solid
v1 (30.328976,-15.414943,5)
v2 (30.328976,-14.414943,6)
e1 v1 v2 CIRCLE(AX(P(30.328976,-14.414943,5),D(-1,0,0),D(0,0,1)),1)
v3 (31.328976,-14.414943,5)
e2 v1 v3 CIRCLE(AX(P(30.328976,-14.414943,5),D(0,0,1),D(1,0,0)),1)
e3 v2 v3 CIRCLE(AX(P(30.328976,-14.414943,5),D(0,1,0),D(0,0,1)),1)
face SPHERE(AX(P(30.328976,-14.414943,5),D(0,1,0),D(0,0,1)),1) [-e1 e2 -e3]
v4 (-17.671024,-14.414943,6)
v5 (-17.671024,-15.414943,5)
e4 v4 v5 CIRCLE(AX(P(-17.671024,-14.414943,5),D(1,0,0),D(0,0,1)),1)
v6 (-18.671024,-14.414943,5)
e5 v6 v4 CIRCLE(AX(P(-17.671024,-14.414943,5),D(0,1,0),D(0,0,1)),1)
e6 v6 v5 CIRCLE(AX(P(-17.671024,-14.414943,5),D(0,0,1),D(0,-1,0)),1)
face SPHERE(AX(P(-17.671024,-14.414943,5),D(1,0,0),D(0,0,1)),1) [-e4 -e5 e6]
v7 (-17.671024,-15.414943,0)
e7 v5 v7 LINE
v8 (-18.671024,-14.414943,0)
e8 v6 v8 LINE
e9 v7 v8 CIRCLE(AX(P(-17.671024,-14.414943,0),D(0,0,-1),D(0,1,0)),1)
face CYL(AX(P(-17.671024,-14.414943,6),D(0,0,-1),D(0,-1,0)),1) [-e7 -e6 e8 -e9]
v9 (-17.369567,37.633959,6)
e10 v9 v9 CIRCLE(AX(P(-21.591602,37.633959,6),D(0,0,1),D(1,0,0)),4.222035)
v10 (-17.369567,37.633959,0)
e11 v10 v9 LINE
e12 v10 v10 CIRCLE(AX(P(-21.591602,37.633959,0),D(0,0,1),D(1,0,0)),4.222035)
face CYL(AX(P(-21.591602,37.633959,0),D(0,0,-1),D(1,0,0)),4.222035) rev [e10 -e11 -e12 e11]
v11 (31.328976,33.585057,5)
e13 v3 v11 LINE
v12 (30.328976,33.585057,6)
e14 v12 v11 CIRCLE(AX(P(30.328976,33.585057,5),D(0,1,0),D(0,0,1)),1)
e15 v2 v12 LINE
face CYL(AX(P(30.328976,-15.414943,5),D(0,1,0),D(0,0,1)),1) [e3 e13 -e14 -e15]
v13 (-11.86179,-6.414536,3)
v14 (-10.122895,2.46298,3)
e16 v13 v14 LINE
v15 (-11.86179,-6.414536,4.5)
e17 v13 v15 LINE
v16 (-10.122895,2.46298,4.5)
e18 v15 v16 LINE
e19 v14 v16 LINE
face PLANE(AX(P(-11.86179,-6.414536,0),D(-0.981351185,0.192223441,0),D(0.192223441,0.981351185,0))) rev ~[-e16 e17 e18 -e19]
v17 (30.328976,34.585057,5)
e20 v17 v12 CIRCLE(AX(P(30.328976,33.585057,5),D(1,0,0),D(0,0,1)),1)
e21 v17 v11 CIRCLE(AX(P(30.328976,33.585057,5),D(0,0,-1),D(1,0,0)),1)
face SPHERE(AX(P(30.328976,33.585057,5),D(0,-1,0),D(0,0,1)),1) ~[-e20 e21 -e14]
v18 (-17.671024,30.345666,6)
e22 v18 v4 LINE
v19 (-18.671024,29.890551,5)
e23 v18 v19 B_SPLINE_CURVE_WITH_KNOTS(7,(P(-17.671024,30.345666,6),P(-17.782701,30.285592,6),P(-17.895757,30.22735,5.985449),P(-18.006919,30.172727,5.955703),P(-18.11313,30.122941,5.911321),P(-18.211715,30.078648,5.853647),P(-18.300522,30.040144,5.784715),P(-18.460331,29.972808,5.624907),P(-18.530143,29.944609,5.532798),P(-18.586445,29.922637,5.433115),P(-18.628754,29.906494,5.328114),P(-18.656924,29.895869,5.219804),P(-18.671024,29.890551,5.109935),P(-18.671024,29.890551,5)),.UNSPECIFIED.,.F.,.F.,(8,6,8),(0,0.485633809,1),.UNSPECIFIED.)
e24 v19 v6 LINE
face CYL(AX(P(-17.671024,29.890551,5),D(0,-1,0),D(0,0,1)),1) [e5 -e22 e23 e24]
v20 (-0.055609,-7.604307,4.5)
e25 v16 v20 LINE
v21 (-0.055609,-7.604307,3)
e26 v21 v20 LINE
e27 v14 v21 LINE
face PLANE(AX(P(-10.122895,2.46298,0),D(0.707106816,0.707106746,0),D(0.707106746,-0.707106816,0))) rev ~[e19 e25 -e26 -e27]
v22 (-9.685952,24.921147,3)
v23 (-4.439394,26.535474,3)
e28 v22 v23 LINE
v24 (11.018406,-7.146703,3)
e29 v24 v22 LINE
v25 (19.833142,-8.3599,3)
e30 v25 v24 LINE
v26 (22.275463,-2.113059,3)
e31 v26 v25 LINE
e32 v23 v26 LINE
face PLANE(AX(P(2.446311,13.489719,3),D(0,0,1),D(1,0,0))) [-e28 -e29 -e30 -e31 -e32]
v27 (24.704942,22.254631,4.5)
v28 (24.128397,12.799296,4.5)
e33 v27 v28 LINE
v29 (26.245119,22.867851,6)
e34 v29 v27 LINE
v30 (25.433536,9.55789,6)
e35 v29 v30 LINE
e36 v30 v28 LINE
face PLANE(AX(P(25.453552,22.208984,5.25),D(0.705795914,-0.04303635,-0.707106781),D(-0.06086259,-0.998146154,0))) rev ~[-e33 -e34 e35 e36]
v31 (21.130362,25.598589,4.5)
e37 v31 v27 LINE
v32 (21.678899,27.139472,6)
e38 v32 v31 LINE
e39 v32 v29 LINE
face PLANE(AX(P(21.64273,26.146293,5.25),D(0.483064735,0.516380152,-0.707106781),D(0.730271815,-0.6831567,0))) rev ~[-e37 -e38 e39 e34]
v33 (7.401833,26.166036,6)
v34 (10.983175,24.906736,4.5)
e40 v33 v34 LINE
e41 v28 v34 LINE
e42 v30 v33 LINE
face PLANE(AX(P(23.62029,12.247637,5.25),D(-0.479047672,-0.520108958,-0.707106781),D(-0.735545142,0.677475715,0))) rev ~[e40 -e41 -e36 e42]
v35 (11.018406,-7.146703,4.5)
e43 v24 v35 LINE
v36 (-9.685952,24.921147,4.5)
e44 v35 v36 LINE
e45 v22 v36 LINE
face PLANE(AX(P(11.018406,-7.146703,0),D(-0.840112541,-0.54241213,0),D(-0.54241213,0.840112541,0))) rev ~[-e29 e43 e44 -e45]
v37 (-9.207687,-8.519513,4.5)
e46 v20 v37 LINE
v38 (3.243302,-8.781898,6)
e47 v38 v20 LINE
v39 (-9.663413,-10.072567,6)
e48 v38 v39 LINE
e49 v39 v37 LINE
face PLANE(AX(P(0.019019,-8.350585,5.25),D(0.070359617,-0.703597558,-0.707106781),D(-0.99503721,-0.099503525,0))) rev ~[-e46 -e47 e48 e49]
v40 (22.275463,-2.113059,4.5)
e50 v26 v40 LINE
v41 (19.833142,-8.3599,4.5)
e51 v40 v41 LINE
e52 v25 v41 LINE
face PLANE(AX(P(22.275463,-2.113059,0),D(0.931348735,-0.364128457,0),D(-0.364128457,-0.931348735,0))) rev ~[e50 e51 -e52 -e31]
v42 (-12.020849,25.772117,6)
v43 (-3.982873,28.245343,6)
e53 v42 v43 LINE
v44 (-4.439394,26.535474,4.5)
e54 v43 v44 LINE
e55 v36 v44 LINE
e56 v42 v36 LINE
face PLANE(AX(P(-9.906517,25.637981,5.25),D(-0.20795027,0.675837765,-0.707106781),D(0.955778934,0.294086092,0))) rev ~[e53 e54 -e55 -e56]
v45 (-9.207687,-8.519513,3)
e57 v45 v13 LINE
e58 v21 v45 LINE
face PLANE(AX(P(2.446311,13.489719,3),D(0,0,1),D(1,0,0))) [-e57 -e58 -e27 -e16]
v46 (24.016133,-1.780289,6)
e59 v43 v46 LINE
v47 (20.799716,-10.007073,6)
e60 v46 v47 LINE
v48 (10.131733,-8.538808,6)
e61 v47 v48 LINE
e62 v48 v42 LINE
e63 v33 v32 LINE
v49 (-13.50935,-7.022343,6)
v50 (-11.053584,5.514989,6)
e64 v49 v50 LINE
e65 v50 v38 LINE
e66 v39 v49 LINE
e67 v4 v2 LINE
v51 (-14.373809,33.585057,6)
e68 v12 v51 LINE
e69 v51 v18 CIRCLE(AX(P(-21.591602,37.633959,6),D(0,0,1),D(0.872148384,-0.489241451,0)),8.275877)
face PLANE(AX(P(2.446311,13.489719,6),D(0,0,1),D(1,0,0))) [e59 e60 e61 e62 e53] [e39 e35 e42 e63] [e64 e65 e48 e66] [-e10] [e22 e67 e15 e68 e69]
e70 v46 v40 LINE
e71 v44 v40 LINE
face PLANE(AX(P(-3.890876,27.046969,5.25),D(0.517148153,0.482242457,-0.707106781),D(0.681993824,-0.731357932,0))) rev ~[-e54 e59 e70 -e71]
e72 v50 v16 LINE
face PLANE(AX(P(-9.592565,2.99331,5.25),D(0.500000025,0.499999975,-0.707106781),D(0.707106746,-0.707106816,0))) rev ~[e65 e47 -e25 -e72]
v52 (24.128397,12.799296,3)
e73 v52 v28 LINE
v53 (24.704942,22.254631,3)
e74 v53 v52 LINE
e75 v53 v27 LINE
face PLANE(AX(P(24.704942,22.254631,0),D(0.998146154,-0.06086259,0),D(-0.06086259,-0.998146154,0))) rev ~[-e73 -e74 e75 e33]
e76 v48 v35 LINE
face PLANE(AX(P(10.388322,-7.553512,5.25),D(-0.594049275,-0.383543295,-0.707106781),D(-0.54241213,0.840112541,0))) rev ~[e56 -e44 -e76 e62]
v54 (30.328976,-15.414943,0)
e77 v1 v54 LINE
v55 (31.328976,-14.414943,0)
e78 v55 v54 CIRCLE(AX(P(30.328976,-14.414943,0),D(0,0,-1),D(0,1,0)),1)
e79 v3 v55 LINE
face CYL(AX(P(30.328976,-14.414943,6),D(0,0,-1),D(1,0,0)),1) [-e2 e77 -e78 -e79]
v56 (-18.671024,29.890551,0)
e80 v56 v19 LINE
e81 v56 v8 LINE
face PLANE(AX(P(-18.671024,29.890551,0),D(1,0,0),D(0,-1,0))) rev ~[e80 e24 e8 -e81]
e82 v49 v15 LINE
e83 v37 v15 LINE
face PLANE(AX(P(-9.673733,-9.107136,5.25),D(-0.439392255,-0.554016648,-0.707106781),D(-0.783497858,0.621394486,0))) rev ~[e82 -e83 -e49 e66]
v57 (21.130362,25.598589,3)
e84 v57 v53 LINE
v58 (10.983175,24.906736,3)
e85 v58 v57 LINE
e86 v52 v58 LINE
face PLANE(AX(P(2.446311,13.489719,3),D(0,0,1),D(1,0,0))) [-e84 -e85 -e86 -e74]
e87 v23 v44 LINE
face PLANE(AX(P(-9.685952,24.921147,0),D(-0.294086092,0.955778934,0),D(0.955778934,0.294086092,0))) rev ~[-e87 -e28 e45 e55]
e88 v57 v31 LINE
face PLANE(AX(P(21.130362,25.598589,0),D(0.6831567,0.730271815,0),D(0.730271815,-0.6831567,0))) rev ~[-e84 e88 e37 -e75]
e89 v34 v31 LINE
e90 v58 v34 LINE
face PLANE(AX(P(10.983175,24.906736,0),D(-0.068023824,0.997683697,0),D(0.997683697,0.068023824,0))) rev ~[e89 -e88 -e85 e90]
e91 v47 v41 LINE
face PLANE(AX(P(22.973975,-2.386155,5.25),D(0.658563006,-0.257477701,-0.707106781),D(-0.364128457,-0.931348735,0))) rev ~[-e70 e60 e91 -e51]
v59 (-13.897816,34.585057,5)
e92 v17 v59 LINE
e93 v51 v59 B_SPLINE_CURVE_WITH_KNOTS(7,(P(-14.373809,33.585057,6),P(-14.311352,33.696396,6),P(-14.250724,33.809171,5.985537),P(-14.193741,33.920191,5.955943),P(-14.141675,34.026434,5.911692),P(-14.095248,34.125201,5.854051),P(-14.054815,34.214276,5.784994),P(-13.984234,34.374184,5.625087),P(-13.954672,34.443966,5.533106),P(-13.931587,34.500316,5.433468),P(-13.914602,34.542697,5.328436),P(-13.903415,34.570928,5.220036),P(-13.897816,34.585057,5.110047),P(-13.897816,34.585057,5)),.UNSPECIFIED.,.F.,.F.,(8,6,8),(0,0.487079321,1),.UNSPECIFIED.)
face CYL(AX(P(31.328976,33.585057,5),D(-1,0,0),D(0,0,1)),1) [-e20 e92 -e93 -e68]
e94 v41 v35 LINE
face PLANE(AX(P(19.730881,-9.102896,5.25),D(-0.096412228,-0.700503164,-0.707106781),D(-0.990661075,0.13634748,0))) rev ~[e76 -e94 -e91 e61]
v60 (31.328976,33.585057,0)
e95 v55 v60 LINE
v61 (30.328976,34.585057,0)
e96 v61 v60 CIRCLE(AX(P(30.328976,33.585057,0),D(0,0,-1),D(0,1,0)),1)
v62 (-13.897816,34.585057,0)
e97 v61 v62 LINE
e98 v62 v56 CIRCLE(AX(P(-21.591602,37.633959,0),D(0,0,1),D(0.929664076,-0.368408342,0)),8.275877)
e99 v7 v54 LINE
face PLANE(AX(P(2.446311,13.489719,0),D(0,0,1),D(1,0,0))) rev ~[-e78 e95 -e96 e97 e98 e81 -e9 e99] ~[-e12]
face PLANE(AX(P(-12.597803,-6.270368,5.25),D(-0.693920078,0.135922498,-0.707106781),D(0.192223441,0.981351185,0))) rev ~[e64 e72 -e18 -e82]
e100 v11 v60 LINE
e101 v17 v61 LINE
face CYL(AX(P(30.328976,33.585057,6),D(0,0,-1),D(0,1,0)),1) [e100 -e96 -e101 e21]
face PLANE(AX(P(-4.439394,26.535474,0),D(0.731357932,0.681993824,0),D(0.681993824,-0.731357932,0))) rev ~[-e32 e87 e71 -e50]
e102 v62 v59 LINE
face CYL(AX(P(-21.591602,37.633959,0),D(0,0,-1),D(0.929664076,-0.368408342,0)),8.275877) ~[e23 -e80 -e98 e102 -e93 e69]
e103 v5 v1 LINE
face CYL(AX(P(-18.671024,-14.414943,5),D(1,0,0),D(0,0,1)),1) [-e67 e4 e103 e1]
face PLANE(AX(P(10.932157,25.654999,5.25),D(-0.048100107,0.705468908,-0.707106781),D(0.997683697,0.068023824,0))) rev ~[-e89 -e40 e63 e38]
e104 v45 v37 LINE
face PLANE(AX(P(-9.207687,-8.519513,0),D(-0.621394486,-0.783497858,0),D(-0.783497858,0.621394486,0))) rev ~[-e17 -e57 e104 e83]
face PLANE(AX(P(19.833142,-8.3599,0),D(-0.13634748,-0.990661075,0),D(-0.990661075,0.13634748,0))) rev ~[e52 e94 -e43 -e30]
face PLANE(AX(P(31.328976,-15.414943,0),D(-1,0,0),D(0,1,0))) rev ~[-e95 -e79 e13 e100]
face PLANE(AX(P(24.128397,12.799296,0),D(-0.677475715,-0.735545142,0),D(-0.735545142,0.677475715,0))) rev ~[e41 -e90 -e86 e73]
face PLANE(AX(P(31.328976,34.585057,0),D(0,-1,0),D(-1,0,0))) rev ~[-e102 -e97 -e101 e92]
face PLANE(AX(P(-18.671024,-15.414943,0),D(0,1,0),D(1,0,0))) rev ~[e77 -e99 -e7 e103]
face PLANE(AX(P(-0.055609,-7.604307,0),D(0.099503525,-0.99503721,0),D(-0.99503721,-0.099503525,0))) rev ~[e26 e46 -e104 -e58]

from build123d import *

# Parameters (mm, degrees)
F0_R     = 4.222035
F1_DEPTH = 6
F2_DEPTH = 3
F3_SIZE  = 1.5
F4_R     = 1


with BuildPart() as f1:
    # F0 (on Top) → F1 (new body)
    with BuildSketch(Plane.XY):
        with BuildLine():
            Line((31.328976, 34.585057), (-13.897816, 34.585057))
            ThreePointArc((-13.897816, 34.585057), (-27.394685, 43.53433), (-18.671024, 29.890551))
            Line((-18.671024, 29.890551), (-18.671024, -15.414943))
            Line((-18.671024, -15.414943), (31.328976, -15.414943))
            Line((31.328976, -15.414943), (31.328976, 34.585057))
        make_face()
        Polygon((-10.122895, 2.46298), (-0.055609, -7.604307), (-9.207687, -8.519513), (-11.86179, -6.414536), align=None, mode=Mode.SUBTRACT)
        Polygon((11.018406, -7.146703), (-9.685952, 24.921147), (-4.439394, 26.535474), (22.275463, -2.113059), (19.833142, -8.3599), align=None, mode=Mode.SUBTRACT)
        with Locations((-21.591602, 37.633959)):
            Circle(F0_R, mode=Mode.SUBTRACT)
        Polygon((24.128397, 12.799296), (10.983175, 24.906736), (21.130362, 25.598589), (24.704942, 22.254631), align=None, mode=Mode.SUBTRACT)
    extrude(amount=F1_DEPTH)

    # F0 (on Top) → F2 (join)
    with BuildSketch(Plane.XY):
        with BuildLine():
            Line((31.328976, 34.585057), (-13.897816, 34.585057))
            ThreePointArc((-13.897816, 34.585057), (-27.394685, 43.53433), (-18.671024, 29.890551))
            Line((-18.671024, 29.890551), (-18.671024, -15.414943))
            Line((-18.671024, -15.414943), (31.328976, -15.414943))
            Line((31.328976, -15.414943), (31.328976, 34.585057))
        make_face()
        Polygon((-10.122895, 2.46298), (-0.055609, -7.604307), (-9.207687, -8.519513), (-11.86179, -6.414536), align=None, mode=Mode.SUBTRACT)
        Polygon((11.018406, -7.146703), (-9.685952, 24.921147), (-4.439394, 26.535474), (22.275463, -2.113059), (19.833142, -8.3599), align=None, mode=Mode.SUBTRACT)
        with Locations((-21.591602, 37.633959)):
            Circle(F0_R, mode=Mode.SUBTRACT)
        Polygon((24.128397, 12.799296), (10.983175, 24.906736), (21.130362, 25.598589), (24.704942, 22.254631), align=None, mode=Mode.SUBTRACT)
        Polygon((-4.439394, 26.535474), (-9.685952, 24.921147), (11.018406, -7.146703), (19.833142, -8.3599), (22.275463, -2.113059), align=None)
        Polygon((21.130362, 25.598589), (10.983175, 24.906736), (24.128397, 12.799296), (24.704942, 22.254631), align=None)
        Polygon((-9.207687, -8.519513), (-0.055609, -7.604307), (-10.122895, 2.46298), (-11.86179, -6.414536), align=None)
    extrude(amount=F2_DEPTH)

    # F3
    f3_edges = [f1.edges().sort_by_distance(p)[0] for p in [
        (8.918034, 12.211207, 6),
        (-7.062673, 25.72831, 6),
        (0.666227, 8.887222, 6),
        (15.425774, -7.753301, 6),
        (21.054302, -5.23648, 6),
        (22.917652, 23.92661, 6),
        (16.056768, 25.252663, 6),
        (17.555786, 18.853016, 6),
        (24.416669, 17.526963, 6),
        (-5.089252, -2.570663, 6),
        (-10.992342, -1.975778, 6),
        (-10.534738, -7.467025, 6),
        (-4.631648, -8.06191, 6),
    ]]
    chamfer(f3_edges, length=F3_SIZE)

    # F4
    f4_edges = [f1.edges().sort_by_distance(p)[0] for p in [
        (31.328976, 9.585057, 6),
        (6.328976, -15.414943, 6),
        (8.71558, 34.585057, 6),
        (-18.671024, 7.237804, 6),
        (-18.671024, -15.414943, 3),
        (31.328976, -15.414943, 3),
        (31.328976, 34.585057, 3),
    ]]
    fillet(f4_edges, radius=F4_R)


solid = f1.part
